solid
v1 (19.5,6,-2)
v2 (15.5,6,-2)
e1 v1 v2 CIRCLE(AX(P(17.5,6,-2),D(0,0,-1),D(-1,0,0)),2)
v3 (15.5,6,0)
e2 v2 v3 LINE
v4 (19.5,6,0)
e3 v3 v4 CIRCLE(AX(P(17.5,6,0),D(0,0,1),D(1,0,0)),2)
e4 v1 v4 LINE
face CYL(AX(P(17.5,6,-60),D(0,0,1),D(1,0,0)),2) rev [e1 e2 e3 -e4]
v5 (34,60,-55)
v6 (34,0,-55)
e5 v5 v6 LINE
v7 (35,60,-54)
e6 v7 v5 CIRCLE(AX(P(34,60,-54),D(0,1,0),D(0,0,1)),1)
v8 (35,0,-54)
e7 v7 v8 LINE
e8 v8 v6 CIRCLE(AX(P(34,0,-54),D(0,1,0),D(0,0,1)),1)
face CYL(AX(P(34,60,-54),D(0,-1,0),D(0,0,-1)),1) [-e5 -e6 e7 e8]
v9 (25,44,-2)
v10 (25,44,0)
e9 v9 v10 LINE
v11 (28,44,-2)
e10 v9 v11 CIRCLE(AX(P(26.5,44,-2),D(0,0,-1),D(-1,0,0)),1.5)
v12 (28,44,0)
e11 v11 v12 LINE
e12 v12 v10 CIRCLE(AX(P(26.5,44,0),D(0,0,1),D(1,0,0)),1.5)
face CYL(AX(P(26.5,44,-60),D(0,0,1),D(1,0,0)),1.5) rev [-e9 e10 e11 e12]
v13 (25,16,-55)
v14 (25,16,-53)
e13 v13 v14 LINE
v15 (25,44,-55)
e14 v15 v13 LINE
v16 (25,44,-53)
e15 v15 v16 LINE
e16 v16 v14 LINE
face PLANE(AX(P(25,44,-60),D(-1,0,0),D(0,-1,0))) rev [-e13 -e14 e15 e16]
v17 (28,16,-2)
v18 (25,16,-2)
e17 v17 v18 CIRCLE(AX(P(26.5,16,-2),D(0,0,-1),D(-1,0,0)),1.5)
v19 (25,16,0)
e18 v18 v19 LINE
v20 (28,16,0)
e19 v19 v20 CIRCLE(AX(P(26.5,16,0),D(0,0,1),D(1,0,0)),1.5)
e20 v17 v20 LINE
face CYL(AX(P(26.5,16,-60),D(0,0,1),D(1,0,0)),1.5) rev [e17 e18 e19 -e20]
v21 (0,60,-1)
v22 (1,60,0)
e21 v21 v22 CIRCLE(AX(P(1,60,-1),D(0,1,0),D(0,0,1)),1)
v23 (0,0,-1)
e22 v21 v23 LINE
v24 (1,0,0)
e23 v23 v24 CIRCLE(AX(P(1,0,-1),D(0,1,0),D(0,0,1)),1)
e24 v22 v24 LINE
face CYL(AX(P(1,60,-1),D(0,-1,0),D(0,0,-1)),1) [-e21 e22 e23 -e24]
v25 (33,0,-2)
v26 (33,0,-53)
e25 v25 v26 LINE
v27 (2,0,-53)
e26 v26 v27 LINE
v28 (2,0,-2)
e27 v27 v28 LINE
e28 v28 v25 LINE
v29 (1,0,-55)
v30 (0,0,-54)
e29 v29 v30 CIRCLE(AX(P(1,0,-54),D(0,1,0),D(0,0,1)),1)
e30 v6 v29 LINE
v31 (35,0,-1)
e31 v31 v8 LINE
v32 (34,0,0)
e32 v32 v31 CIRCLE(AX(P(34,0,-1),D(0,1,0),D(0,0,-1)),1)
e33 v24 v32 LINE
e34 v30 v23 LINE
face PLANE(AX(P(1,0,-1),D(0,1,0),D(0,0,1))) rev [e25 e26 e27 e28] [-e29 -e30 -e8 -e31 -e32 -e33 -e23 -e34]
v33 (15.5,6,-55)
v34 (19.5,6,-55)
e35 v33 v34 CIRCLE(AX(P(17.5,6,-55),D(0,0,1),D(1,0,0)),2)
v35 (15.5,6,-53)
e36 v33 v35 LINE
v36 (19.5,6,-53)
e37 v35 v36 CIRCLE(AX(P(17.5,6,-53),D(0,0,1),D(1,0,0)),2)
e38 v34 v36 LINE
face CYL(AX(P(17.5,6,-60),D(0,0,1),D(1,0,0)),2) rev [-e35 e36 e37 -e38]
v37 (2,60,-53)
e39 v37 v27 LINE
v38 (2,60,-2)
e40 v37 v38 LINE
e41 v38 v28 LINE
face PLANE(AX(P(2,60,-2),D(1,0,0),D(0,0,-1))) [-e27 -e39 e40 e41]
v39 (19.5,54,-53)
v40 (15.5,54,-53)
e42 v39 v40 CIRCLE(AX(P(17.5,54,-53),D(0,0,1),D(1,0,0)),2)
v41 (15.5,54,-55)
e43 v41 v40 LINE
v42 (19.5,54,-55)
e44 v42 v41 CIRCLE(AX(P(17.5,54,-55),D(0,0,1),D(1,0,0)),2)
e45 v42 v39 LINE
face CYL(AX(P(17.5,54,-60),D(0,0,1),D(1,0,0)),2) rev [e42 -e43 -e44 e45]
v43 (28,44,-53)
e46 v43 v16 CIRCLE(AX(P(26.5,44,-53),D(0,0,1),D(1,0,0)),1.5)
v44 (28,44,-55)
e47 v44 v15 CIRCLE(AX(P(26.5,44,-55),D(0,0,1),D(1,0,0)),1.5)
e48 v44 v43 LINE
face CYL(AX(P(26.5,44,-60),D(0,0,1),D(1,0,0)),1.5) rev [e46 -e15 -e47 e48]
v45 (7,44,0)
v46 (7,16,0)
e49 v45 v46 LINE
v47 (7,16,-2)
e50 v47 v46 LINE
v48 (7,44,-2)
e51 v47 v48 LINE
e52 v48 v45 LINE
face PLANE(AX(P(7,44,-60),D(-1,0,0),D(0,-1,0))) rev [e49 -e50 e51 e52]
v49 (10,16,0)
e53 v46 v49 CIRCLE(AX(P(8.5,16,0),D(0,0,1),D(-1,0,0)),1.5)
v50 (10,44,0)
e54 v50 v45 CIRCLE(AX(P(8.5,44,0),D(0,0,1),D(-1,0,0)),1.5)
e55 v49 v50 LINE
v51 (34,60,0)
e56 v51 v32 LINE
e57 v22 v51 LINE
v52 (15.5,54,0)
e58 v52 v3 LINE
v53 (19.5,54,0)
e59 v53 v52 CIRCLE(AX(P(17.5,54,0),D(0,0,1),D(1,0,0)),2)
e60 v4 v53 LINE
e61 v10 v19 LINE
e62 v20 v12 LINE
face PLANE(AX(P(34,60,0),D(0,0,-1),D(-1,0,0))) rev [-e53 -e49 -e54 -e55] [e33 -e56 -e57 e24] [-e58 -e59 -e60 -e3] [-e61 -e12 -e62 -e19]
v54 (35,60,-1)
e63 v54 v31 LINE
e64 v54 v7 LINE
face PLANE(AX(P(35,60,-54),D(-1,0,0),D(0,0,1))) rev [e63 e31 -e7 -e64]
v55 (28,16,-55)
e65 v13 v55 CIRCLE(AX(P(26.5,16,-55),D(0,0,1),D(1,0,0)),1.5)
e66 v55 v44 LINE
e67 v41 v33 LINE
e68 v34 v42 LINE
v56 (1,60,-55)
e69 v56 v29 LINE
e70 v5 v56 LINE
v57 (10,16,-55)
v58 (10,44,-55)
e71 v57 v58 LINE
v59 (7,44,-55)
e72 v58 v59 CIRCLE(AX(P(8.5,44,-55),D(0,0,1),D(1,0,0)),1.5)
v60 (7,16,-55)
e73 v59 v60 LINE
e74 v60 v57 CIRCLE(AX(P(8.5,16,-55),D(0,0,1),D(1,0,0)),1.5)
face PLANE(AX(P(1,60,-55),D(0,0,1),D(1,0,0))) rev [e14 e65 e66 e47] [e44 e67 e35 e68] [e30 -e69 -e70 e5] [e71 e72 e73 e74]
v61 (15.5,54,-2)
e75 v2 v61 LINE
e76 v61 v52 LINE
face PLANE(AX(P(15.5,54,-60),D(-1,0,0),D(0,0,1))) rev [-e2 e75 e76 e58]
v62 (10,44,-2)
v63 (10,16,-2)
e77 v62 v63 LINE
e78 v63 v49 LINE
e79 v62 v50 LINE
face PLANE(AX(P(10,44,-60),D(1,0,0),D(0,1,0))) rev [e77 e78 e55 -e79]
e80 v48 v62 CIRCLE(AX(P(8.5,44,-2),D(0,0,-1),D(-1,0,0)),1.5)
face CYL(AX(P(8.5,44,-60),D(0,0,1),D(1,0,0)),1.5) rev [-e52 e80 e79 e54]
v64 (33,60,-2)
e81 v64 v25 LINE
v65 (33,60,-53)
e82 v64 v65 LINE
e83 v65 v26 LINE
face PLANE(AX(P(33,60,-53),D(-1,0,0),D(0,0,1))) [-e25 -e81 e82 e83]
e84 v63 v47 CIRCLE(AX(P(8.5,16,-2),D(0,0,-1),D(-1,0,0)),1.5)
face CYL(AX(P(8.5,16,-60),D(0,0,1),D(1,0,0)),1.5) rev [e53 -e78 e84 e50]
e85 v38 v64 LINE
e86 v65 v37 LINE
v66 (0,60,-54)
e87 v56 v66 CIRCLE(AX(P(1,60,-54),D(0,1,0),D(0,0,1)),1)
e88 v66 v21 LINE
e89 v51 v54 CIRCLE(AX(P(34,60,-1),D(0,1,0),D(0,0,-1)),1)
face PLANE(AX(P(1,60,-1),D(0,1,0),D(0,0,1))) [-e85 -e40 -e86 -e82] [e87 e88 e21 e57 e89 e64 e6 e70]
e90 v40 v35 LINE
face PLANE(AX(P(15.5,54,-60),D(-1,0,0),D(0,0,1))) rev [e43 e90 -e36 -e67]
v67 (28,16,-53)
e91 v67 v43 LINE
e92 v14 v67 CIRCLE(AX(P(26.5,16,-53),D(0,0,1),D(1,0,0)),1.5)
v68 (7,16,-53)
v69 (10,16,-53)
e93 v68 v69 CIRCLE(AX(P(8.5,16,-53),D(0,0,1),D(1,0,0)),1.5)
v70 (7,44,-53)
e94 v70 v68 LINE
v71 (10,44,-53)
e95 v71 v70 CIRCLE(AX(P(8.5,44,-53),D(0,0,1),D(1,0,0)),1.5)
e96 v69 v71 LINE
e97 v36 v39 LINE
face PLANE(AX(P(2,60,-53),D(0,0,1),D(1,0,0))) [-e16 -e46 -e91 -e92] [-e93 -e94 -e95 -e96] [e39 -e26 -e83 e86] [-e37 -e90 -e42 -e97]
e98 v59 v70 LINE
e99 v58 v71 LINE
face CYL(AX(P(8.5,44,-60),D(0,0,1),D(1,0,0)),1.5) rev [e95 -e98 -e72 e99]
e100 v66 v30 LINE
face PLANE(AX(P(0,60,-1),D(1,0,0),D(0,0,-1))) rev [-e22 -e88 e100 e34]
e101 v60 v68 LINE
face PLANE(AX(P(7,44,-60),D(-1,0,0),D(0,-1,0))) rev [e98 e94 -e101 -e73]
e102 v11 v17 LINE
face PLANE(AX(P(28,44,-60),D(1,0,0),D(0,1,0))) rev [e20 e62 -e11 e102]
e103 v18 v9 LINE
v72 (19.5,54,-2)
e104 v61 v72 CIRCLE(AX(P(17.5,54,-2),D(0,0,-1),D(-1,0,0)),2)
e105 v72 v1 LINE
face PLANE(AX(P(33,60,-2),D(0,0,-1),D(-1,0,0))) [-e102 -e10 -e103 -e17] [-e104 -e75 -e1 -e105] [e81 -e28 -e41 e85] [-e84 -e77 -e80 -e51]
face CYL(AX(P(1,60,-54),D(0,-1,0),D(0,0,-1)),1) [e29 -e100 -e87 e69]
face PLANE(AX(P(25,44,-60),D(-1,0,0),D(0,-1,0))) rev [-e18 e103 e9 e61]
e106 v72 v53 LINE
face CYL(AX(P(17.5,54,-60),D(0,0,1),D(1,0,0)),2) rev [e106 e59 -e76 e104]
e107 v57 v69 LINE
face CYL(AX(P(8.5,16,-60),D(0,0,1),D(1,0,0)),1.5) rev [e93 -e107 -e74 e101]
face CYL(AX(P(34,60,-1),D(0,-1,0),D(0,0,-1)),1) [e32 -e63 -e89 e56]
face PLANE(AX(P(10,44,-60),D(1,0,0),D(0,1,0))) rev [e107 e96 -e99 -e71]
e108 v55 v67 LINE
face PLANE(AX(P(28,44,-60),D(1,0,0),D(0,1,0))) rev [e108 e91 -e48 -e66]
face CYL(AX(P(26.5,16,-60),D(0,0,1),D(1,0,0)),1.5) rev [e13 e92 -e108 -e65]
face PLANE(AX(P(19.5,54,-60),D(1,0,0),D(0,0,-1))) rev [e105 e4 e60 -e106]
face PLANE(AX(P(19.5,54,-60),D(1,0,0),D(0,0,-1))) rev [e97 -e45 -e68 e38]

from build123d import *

# Parameters (mm, degrees)
SKETCH1_W           = 31
SKETCH1_H           = 51
BOSS_EXTRUDE1_DEPTH = 60
CUT_EXTRUDE1_DEPTH  = 60


with BuildPart() as part:
    # Sketch1 → Boss-Extrude1 (new body)
    with BuildSketch(Plane(origin=(0, 0, 0), x_dir=(1, 0, 0), z_dir=(0, 1, 0))):
        with BuildLine():
            Line((0, 1), (0, 54))
            ThreePointArc((0, 54), (0.292893219, 54.707106781), (1, 55))
            Line((1, 55), (34, 55))
            ThreePointArc((34, 55), (34.707106781, 54.707106781), (35, 54))
            Line((35, 54), (35, 1))
            ThreePointArc((35, 1), (34.707106781, 0.292893219), (34, 0))
            Line((34, 0), (1, 0))
            ThreePointArc((1, 0), (0.292893219, 0.292893219), (0, 1))
        make_face()
        with Locations((17.5, 27.5)):
            Rectangle(SKETCH1_W, SKETCH1_H, mode=Mode.SUBTRACT)
    extrude(amount=BOSS_EXTRUDE1_DEPTH)

    # Sketch3 → Cut-Extrude1 (cut)
    with BuildSketch(Plane.XY):
        with BuildLine():
            Line((15.5, 54), (15.5, 6))
            ThreePointArc((15.5, 6), (17.5, 4), (19.5, 6))
            Line((19.5, 6), (19.5, 54))
            ThreePointArc((19.5, 54), (17.5, 56), (15.5, 54))
        make_face()
        with BuildLine():
            Line((28, 44), (28, 16))
            ThreePointArc((28, 16), (26.5, 14.5), (25, 16))
            Line((25, 16), (25, 44))
            ThreePointArc((25, 44), (26.5, 45.5), (28, 44))
        make_face()
        with BuildLine():
            Line((7, 44), (7, 16))
            ThreePointArc((7, 16), (8.5, 14.5), (10, 16))
            Line((10, 16), (10, 44))
            ThreePointArc((10, 44), (8.5, 45.5), (7, 44))
        make_face()
    extrude(amount=-CUT_EXTRUDE1_DEPTH, mode=Mode.SUBTRACT)


solid = part.part
